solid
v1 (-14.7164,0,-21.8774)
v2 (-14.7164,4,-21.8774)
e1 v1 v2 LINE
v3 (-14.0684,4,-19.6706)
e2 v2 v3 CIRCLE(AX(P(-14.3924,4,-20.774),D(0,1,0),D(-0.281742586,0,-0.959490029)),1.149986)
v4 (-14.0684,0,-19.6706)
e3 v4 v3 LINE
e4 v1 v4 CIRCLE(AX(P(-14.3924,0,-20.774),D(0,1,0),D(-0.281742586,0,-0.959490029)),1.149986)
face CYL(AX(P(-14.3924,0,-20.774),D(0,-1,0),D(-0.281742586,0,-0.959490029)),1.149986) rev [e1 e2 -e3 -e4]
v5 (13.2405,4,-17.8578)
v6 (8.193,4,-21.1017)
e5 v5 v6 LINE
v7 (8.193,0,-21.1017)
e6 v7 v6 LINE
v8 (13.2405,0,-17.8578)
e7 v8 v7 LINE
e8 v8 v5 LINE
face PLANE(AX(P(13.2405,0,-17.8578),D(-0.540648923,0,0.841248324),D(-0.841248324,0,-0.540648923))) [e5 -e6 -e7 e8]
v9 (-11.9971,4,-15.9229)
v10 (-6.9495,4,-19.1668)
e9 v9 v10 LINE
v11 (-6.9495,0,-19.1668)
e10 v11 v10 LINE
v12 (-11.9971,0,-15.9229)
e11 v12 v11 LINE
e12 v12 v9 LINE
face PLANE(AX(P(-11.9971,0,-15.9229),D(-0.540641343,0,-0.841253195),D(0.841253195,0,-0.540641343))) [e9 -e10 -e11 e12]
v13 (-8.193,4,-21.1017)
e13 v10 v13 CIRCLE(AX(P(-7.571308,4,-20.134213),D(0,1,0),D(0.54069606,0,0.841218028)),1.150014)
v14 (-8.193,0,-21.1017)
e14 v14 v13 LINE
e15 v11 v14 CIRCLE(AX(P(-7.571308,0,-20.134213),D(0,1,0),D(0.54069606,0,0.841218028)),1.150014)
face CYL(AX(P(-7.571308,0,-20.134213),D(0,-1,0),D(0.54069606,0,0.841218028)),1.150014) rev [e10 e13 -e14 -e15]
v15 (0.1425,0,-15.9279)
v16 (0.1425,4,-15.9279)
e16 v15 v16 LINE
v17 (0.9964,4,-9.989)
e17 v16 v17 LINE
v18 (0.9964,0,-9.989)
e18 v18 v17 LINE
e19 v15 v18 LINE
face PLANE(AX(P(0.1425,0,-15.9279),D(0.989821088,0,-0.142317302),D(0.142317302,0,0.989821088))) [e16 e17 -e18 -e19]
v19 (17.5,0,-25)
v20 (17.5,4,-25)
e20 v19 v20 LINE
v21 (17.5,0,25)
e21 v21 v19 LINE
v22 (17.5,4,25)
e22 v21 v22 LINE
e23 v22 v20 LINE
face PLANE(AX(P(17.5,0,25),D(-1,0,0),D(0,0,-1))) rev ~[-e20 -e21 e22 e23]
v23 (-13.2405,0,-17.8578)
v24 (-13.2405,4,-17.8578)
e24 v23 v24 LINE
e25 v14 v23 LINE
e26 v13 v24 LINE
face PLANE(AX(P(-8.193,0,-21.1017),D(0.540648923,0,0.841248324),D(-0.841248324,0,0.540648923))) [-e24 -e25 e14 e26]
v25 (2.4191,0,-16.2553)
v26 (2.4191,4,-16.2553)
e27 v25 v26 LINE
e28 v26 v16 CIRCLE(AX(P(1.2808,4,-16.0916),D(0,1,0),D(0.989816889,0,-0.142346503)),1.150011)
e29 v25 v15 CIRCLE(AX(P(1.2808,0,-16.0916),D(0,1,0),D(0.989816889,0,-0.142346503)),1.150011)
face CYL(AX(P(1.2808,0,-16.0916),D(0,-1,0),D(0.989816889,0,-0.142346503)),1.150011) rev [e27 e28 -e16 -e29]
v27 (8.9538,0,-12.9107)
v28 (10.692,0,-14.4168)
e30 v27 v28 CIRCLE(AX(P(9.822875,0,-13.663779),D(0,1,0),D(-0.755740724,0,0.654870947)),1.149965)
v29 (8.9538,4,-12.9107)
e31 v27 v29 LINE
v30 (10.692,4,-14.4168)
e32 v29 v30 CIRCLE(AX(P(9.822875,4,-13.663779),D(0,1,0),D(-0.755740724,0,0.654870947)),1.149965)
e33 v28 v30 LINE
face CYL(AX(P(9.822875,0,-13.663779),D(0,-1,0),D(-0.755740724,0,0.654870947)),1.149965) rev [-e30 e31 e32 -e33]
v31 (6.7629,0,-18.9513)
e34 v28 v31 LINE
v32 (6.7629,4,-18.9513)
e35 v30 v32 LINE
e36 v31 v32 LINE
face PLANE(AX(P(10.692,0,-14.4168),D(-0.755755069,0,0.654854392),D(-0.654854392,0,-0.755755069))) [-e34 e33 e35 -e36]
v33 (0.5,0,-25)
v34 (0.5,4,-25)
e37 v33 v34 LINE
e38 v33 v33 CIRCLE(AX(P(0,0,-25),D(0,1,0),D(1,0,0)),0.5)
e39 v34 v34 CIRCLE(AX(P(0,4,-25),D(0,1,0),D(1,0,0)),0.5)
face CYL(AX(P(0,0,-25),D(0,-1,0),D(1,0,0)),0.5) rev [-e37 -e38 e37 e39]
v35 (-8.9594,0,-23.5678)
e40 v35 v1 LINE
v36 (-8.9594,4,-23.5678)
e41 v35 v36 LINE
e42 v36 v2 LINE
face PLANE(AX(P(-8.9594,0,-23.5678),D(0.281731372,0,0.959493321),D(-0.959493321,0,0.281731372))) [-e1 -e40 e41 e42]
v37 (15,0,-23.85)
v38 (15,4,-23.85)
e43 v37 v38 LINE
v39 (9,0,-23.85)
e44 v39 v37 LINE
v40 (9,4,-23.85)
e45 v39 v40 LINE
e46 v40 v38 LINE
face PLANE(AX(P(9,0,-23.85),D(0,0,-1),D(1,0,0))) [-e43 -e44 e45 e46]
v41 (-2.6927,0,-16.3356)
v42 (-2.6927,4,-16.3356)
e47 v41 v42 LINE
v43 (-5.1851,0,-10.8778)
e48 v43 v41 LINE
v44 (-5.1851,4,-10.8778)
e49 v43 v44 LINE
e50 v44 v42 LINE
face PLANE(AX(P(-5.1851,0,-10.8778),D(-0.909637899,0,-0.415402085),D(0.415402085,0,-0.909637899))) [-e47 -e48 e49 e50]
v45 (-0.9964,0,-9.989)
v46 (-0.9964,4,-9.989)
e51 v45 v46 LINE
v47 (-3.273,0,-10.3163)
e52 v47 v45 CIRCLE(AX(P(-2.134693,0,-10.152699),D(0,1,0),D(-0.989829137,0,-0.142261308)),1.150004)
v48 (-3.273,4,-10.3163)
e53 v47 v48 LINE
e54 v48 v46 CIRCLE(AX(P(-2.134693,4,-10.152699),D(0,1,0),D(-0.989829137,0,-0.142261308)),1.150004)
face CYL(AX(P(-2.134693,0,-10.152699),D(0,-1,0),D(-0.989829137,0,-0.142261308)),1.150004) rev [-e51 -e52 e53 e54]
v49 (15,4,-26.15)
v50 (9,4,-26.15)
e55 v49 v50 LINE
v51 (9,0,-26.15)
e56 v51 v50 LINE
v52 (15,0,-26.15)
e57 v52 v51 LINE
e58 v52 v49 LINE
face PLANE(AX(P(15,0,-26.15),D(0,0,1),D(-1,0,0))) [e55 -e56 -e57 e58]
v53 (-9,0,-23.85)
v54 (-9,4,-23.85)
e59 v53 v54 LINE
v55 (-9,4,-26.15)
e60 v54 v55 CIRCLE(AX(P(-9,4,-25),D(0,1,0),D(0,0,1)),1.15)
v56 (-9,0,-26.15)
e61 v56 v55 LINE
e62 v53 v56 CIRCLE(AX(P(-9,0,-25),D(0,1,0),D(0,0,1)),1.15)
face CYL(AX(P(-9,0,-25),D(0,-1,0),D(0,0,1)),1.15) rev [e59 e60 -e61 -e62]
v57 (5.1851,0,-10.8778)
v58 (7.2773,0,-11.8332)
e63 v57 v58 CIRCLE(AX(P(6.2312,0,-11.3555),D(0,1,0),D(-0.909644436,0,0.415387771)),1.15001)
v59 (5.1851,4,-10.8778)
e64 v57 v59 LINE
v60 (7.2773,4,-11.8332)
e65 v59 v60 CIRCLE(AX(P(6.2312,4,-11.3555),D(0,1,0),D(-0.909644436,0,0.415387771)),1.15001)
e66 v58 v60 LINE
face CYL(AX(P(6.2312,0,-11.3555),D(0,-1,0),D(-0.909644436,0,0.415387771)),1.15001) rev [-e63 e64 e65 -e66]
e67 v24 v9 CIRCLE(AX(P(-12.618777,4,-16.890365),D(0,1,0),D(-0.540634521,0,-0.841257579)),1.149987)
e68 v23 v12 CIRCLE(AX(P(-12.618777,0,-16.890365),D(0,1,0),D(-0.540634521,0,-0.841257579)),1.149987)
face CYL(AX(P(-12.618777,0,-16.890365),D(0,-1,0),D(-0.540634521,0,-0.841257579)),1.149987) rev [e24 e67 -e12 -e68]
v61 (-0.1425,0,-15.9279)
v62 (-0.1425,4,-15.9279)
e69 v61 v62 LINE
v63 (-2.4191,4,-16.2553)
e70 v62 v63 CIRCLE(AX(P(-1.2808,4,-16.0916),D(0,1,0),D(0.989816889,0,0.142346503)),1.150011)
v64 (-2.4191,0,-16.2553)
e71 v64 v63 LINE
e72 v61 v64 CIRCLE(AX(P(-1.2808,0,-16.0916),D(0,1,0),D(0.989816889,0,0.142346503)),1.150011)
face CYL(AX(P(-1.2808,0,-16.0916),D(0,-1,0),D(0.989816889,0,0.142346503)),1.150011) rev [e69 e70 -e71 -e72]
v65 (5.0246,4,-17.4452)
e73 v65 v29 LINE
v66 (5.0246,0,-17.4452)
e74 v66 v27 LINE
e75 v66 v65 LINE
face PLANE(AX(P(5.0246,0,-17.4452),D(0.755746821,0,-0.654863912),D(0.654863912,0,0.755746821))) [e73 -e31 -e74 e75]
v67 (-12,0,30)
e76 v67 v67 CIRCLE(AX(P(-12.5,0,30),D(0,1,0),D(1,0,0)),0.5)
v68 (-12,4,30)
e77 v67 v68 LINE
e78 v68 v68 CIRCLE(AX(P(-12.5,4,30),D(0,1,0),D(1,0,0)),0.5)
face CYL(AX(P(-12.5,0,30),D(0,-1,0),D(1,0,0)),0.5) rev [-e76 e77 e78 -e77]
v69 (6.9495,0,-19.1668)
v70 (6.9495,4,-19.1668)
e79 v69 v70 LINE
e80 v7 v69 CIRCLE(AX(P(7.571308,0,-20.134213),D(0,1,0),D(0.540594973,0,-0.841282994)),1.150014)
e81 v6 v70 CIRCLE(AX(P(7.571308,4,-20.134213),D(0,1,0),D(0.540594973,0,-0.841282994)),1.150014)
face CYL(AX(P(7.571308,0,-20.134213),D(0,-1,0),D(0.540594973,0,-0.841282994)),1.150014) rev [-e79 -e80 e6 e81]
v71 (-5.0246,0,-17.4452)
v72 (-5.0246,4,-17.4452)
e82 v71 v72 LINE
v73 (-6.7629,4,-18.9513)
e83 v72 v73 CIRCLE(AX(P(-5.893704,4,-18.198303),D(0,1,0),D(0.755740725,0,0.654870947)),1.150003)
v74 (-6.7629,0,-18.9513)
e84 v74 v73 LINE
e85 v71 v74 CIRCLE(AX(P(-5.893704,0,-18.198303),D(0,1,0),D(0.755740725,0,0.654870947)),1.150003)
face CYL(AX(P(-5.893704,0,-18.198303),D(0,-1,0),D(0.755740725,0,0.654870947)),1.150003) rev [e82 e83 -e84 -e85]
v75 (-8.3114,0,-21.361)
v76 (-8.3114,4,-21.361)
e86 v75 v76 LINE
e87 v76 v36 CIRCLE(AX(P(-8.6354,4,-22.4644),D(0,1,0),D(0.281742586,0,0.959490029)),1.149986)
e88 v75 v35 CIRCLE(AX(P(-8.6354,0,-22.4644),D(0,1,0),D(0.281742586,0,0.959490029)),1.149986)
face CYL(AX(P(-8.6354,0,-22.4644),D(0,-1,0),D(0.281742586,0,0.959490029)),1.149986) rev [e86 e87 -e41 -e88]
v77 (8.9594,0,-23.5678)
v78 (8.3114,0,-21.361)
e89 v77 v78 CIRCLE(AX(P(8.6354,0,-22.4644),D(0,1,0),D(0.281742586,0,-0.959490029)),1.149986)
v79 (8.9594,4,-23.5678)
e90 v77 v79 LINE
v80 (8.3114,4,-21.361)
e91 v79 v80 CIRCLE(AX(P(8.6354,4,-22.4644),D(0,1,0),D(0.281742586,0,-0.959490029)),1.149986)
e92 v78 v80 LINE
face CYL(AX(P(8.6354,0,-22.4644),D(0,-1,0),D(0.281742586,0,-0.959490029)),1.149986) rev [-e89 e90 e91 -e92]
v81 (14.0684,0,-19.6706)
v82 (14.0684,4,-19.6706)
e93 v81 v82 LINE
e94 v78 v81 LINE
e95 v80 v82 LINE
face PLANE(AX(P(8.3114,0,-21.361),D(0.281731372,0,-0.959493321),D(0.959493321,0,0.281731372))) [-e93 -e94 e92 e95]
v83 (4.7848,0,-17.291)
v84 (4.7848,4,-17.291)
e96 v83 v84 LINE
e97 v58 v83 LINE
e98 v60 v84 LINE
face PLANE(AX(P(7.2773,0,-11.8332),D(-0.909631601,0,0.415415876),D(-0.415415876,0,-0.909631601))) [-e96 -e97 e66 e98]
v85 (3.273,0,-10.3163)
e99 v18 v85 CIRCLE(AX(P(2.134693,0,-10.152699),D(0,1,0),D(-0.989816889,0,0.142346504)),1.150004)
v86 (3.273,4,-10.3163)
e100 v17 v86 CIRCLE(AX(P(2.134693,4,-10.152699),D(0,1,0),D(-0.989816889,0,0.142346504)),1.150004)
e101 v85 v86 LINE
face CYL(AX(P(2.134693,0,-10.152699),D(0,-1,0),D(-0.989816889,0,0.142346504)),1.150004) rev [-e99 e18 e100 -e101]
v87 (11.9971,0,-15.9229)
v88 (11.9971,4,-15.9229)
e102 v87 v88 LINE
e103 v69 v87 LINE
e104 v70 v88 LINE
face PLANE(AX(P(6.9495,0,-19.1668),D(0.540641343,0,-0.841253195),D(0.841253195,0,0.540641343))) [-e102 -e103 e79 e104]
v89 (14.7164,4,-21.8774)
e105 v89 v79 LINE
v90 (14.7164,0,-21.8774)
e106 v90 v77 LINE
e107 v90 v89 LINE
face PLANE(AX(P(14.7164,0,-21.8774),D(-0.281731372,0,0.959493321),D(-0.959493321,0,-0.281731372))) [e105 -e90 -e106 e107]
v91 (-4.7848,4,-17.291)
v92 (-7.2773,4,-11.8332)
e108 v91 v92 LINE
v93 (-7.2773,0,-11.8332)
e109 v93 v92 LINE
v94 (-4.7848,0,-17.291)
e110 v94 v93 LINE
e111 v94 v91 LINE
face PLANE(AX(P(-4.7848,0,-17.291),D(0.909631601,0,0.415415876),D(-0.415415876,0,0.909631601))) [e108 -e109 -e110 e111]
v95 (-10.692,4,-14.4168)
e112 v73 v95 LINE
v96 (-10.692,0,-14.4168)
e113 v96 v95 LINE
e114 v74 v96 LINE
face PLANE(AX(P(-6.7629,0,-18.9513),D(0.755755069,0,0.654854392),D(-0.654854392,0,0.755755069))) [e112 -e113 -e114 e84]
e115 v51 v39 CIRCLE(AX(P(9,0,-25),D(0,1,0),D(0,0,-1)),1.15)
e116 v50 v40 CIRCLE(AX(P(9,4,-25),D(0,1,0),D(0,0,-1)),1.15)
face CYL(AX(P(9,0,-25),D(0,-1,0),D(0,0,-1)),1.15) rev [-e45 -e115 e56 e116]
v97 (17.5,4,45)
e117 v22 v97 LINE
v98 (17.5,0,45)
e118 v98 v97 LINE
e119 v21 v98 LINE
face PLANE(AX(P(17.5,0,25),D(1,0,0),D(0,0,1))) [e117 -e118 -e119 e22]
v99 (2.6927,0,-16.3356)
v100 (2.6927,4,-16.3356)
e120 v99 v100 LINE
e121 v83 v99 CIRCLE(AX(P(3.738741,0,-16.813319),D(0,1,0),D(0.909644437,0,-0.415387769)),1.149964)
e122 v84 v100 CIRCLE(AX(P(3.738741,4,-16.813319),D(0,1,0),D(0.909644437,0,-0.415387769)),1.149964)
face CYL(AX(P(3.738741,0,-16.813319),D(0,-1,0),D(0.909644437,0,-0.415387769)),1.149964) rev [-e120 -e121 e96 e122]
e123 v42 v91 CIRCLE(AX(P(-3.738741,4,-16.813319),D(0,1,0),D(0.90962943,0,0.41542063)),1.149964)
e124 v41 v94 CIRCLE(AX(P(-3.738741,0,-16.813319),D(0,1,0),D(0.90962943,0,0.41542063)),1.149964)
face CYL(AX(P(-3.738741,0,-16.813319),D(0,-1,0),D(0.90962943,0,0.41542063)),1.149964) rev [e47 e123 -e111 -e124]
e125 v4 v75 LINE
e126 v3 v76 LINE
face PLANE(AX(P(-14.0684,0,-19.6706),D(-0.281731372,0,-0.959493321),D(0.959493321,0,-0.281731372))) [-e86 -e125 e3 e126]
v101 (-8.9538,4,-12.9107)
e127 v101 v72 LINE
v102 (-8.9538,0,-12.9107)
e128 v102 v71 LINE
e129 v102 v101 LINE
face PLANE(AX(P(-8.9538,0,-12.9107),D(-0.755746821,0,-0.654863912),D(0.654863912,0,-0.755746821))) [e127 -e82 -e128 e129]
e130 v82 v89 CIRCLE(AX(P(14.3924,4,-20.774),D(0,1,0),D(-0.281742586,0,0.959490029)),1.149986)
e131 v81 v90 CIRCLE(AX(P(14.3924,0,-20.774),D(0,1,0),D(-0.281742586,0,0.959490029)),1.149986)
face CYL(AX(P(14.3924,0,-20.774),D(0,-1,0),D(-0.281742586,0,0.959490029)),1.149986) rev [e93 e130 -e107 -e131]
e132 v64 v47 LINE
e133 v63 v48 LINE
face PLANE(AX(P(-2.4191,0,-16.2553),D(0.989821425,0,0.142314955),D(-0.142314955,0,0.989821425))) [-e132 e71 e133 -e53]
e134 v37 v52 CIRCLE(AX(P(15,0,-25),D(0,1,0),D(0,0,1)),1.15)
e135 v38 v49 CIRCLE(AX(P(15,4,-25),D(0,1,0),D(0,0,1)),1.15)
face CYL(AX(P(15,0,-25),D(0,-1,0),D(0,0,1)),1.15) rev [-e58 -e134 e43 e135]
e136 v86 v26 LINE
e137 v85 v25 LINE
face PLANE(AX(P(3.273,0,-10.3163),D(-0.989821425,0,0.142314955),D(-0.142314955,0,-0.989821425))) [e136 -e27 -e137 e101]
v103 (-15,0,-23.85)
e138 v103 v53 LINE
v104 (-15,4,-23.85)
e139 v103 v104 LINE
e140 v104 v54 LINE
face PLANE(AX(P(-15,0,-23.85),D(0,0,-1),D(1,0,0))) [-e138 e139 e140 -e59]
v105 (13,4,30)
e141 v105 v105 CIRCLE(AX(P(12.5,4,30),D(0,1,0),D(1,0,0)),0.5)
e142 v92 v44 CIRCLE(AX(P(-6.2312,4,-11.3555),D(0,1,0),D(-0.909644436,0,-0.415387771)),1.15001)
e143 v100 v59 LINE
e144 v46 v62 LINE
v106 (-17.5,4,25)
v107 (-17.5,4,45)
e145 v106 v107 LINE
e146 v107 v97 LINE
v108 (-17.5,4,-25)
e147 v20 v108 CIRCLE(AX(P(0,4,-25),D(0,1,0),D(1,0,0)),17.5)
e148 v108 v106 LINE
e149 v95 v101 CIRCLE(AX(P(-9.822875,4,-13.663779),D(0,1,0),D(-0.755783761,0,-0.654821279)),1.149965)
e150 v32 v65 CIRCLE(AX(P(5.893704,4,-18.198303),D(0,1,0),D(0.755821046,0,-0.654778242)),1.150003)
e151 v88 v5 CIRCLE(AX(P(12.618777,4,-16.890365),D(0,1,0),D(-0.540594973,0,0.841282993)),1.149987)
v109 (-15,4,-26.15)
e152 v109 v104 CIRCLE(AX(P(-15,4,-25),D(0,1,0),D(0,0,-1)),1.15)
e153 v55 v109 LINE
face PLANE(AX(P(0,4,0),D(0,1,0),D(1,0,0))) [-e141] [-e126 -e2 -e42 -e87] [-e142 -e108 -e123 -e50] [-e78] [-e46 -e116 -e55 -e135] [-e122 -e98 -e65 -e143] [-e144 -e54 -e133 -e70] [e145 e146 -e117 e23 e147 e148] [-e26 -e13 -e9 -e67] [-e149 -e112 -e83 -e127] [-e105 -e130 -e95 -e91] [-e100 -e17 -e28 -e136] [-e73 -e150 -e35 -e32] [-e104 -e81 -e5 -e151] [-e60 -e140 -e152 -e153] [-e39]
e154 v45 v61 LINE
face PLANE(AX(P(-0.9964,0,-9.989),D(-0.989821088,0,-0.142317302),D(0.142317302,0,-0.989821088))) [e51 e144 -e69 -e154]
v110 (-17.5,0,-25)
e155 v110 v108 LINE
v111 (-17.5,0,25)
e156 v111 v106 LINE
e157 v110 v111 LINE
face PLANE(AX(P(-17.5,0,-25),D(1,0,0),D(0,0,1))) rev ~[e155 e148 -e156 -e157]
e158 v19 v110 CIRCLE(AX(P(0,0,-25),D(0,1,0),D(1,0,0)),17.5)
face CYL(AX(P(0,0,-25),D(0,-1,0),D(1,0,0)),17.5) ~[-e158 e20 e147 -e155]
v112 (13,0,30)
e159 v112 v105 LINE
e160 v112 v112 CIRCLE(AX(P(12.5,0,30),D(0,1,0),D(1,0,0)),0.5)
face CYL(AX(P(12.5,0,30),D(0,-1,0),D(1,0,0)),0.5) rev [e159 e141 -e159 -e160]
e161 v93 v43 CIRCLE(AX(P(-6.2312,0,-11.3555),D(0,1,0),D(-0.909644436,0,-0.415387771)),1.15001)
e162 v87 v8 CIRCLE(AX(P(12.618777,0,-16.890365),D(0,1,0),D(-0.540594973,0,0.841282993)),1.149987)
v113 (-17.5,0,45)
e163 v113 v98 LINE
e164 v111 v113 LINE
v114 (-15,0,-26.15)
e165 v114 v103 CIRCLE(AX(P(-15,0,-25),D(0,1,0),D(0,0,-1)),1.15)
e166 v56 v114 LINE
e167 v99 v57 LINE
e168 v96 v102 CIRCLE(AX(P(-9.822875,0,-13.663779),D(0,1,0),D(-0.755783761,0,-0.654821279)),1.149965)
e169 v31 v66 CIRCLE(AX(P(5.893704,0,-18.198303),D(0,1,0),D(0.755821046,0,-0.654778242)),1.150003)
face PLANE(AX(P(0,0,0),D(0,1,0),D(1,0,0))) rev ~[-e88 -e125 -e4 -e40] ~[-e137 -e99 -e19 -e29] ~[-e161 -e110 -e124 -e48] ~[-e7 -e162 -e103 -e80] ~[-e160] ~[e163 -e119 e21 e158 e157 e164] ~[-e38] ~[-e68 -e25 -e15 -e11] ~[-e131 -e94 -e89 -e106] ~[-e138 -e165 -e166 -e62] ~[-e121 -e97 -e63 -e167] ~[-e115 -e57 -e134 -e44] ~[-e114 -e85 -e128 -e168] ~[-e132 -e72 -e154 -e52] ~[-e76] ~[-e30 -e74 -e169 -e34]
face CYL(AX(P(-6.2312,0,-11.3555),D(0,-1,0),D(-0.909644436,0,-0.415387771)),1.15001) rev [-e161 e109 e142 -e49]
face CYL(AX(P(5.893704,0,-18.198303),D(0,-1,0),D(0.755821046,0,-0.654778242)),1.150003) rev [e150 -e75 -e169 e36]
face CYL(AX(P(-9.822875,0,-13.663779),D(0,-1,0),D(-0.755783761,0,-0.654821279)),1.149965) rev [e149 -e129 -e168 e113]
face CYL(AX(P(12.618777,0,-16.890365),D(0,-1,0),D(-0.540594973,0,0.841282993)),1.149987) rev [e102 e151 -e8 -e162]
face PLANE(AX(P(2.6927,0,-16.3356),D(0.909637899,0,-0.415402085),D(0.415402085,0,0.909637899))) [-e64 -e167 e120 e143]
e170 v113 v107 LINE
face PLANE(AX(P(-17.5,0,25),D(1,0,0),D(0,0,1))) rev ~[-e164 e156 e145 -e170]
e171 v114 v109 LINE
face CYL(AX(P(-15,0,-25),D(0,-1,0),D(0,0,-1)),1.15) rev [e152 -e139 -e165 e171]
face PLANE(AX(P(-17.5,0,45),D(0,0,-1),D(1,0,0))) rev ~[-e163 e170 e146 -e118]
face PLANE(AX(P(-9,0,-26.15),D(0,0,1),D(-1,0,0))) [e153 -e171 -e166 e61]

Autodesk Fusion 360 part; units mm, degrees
sketch "Sketch1" plane through (0, 0, 0) normal (0, 1, 0) x (1, 0, 0)
  line L0 (-17.5, 25) -> (-17.5, -25)
  line L1 (17.5, -25) -> (17.5, 25)
  circle A0 centre (0, 25) radius 0.5
  arc A1 (17.5, 25) -> (-17.5, 25) centre (0, 25) ccw
  line L2 (-15, 23.85) -> (-9, 23.85)
  arc A2 (-9, 23.85) -> (-9, 26.15) centre (-9, 25) ccw
  line L3 (-9, 26.15) -> (-15, 26.15)
  arc A3 (-15, 26.15) -> (-15, 23.85) centre (-15, 25) ccw
  line L4 (-15, 25) -> (-9, 25) construction
  circle A4 centre (-12.5, -30) radius 0.5
  circle A5 centre (12.5, -30) radius 0.5
  line L5 (-17.5, -25) -> (-17.5, -45)
  line L6 (-17.5, -45) -> (17.5, -45)
  line L7 (17.5, -25) -> (17.5, -45)
  arc A6 (-14.7164, 21.8774) -> (-14.0684, 19.6706) centre (-14.3924, 20.774) ccw
  arc A7 (-8.3114, 21.361) -> (-8.9594, 23.5678) centre (-8.6354, 22.4644) ccw
  line L8 (-14.0684, 19.6706) -> (-8.3114, 21.361)
  line L9 (-8.9594, 23.5678) -> (-14.7164, 21.8774)
  line L10 (-14.3924, 20.774) -> (-8.6354, 22.4644) construction
  arc A8 (-13.2405, 17.8578) -> (-11.9971, 15.9229) centre (-12.6188, 16.8904) ccw
  arc A9 (-6.9495, 19.1668) -> (-8.193, 21.1017) centre (-7.5713, 20.1342) ccw
  line L11 (-11.9971, 15.9229) -> (-6.9495, 19.1668)
  line L12 (-8.193, 21.1017) -> (-13.2405, 17.8578)
  line L13 (-12.6188, 16.8904) -> (-7.5713, 20.1342) construction
  arc A10 (-10.692, 14.4168) -> (-8.9538, 12.9107) centre (-9.8229, 13.6638) ccw
  arc A11 (-5.0246, 17.4452) -> (-6.7629, 18.9513) centre (-5.8937, 18.1983) ccw
  line L14 (-8.9538, 12.9107) -> (-5.0246, 17.4452)
  line L15 (-6.7629, 18.9513) -> (-10.692, 14.4168)
  line L16 (-9.8229, 13.6638) -> (-5.8937, 18.1983) construction
  arc A12 (-7.2773, 11.8332) -> (-5.1851, 10.8778) centre (-6.2312, 11.3555) ccw
  arc A13 (-2.6927, 16.3356) -> (-4.7848, 17.291) centre (-3.7387, 16.8133) ccw
  line L17 (-5.1851, 10.8778) -> (-2.6927, 16.3356)
  line L18 (-4.7848, 17.291) -> (-7.2773, 11.8332)
  line L19 (-6.2312, 11.3555) -> (-3.7387, 16.8133) construction
  arc A14 (-3.273, 10.3163) -> (-0.9964, 9.989) centre (-2.1347, 10.1527) ccw
  arc A15 (-0.1425, 15.9279) -> (-2.4191, 16.2553) centre (-1.2808, 16.0916) ccw
  line L20 (-0.9964, 9.989) -> (-0.1425, 15.9279)
  line L21 (-2.4191, 16.2553) -> (-3.273, 10.3163)
  line L22 (-2.1347, 10.1527) -> (-1.2808, 16.0916) construction
  arc A16 (0.9964, 9.989) -> (3.273, 10.3163) centre (2.1347, 10.1527) ccw
  arc A17 (2.4191, 16.2553) -> (0.1425, 15.9279) centre (1.2808, 16.0916) ccw
  line L23 (3.273, 10.3163) -> (2.4191, 16.2553)
  line L24 (0.1425, 15.9279) -> (0.9964, 9.989)
  line L25 (2.1347, 10.1527) -> (1.2808, 16.0916) construction
  arc A18 (5.1851, 10.8778) -> (7.2773, 11.8332) centre (6.2312, 11.3555) ccw
  arc A19 (4.7848, 17.291) -> (2.6927, 16.3356) centre (3.7387, 16.8133) ccw
  line L26 (7.2773, 11.8332) -> (4.7848, 17.291)
  line L27 (2.6927, 16.3356) -> (5.1851, 10.8778)
  line L28 (6.2312, 11.3555) -> (3.7387, 16.8133) construction
  arc A20 (8.9538, 12.9107) -> (10.692, 14.4168) centre (9.8229, 13.6638) ccw
  arc A21 (6.7629, 18.9513) -> (5.0246, 17.4452) centre (5.8937, 18.1983) ccw
  line L29 (10.692, 14.4168) -> (6.7629, 18.9513)
  line L30 (5.0246, 17.4452) -> (8.9538, 12.9107)
  line L31 (9.8229, 13.6638) -> (5.8937, 18.1983) construction
  arc A22 (11.9971, 15.9229) -> (13.2405, 17.8578) centre (12.6188, 16.8904) ccw
  arc A23 (8.193, 21.1017) -> (6.9495, 19.1668) centre (7.5713, 20.1342) ccw
  line L32 (13.2405, 17.8578) -> (8.193, 21.1017)
  line L33 (6.9495, 19.1668) -> (11.9971, 15.9229)
  line L34 (12.6188, 16.8904) -> (7.5713, 20.1342) construction
  arc A24 (14.0684, 19.6706) -> (14.7164, 21.8774) centre (14.3924, 20.774) ccw
  arc A25 (8.9594, 23.5678) -> (8.3114, 21.361) centre (8.6354, 22.4644) ccw
  line L35 (14.7164, 21.8774) -> (8.9594, 23.5678)
  line L36 (8.3114, 21.361) -> (14.0684, 19.6706)
  line L37 (14.3924, 20.774) -> (8.6354, 22.4644) construction
  arc A26 (15, 23.85) -> (15, 26.15) centre (15, 25) ccw
  arc A27 (9, 26.15) -> (9, 23.85) centre (9, 25) ccw
  line L38 (15, 26.15) -> (9, 26.15)
  line L39 (9, 23.85) -> (15, 23.85)
  line L40 (15, 25) -> (9, 25) construction
  dimension "d1" = 50
  dimension "d2" = 35
  dimension "d4" = 1
  dimension "d7" = 15
  dimension "d31" = 2.3
  dimension "d45" = 1
  dimension "d46" = 1
  dimension "d49" = 5
  dimension "d50" = 5
  dimension "d52" = 20
  dimension "d54" = 15
  dimension "d55" = 15
  dimension "d58" = 6
  dimension "d62" = 180
extrude "Extrude4" add sketch "Sketch1" along normal blind 4
